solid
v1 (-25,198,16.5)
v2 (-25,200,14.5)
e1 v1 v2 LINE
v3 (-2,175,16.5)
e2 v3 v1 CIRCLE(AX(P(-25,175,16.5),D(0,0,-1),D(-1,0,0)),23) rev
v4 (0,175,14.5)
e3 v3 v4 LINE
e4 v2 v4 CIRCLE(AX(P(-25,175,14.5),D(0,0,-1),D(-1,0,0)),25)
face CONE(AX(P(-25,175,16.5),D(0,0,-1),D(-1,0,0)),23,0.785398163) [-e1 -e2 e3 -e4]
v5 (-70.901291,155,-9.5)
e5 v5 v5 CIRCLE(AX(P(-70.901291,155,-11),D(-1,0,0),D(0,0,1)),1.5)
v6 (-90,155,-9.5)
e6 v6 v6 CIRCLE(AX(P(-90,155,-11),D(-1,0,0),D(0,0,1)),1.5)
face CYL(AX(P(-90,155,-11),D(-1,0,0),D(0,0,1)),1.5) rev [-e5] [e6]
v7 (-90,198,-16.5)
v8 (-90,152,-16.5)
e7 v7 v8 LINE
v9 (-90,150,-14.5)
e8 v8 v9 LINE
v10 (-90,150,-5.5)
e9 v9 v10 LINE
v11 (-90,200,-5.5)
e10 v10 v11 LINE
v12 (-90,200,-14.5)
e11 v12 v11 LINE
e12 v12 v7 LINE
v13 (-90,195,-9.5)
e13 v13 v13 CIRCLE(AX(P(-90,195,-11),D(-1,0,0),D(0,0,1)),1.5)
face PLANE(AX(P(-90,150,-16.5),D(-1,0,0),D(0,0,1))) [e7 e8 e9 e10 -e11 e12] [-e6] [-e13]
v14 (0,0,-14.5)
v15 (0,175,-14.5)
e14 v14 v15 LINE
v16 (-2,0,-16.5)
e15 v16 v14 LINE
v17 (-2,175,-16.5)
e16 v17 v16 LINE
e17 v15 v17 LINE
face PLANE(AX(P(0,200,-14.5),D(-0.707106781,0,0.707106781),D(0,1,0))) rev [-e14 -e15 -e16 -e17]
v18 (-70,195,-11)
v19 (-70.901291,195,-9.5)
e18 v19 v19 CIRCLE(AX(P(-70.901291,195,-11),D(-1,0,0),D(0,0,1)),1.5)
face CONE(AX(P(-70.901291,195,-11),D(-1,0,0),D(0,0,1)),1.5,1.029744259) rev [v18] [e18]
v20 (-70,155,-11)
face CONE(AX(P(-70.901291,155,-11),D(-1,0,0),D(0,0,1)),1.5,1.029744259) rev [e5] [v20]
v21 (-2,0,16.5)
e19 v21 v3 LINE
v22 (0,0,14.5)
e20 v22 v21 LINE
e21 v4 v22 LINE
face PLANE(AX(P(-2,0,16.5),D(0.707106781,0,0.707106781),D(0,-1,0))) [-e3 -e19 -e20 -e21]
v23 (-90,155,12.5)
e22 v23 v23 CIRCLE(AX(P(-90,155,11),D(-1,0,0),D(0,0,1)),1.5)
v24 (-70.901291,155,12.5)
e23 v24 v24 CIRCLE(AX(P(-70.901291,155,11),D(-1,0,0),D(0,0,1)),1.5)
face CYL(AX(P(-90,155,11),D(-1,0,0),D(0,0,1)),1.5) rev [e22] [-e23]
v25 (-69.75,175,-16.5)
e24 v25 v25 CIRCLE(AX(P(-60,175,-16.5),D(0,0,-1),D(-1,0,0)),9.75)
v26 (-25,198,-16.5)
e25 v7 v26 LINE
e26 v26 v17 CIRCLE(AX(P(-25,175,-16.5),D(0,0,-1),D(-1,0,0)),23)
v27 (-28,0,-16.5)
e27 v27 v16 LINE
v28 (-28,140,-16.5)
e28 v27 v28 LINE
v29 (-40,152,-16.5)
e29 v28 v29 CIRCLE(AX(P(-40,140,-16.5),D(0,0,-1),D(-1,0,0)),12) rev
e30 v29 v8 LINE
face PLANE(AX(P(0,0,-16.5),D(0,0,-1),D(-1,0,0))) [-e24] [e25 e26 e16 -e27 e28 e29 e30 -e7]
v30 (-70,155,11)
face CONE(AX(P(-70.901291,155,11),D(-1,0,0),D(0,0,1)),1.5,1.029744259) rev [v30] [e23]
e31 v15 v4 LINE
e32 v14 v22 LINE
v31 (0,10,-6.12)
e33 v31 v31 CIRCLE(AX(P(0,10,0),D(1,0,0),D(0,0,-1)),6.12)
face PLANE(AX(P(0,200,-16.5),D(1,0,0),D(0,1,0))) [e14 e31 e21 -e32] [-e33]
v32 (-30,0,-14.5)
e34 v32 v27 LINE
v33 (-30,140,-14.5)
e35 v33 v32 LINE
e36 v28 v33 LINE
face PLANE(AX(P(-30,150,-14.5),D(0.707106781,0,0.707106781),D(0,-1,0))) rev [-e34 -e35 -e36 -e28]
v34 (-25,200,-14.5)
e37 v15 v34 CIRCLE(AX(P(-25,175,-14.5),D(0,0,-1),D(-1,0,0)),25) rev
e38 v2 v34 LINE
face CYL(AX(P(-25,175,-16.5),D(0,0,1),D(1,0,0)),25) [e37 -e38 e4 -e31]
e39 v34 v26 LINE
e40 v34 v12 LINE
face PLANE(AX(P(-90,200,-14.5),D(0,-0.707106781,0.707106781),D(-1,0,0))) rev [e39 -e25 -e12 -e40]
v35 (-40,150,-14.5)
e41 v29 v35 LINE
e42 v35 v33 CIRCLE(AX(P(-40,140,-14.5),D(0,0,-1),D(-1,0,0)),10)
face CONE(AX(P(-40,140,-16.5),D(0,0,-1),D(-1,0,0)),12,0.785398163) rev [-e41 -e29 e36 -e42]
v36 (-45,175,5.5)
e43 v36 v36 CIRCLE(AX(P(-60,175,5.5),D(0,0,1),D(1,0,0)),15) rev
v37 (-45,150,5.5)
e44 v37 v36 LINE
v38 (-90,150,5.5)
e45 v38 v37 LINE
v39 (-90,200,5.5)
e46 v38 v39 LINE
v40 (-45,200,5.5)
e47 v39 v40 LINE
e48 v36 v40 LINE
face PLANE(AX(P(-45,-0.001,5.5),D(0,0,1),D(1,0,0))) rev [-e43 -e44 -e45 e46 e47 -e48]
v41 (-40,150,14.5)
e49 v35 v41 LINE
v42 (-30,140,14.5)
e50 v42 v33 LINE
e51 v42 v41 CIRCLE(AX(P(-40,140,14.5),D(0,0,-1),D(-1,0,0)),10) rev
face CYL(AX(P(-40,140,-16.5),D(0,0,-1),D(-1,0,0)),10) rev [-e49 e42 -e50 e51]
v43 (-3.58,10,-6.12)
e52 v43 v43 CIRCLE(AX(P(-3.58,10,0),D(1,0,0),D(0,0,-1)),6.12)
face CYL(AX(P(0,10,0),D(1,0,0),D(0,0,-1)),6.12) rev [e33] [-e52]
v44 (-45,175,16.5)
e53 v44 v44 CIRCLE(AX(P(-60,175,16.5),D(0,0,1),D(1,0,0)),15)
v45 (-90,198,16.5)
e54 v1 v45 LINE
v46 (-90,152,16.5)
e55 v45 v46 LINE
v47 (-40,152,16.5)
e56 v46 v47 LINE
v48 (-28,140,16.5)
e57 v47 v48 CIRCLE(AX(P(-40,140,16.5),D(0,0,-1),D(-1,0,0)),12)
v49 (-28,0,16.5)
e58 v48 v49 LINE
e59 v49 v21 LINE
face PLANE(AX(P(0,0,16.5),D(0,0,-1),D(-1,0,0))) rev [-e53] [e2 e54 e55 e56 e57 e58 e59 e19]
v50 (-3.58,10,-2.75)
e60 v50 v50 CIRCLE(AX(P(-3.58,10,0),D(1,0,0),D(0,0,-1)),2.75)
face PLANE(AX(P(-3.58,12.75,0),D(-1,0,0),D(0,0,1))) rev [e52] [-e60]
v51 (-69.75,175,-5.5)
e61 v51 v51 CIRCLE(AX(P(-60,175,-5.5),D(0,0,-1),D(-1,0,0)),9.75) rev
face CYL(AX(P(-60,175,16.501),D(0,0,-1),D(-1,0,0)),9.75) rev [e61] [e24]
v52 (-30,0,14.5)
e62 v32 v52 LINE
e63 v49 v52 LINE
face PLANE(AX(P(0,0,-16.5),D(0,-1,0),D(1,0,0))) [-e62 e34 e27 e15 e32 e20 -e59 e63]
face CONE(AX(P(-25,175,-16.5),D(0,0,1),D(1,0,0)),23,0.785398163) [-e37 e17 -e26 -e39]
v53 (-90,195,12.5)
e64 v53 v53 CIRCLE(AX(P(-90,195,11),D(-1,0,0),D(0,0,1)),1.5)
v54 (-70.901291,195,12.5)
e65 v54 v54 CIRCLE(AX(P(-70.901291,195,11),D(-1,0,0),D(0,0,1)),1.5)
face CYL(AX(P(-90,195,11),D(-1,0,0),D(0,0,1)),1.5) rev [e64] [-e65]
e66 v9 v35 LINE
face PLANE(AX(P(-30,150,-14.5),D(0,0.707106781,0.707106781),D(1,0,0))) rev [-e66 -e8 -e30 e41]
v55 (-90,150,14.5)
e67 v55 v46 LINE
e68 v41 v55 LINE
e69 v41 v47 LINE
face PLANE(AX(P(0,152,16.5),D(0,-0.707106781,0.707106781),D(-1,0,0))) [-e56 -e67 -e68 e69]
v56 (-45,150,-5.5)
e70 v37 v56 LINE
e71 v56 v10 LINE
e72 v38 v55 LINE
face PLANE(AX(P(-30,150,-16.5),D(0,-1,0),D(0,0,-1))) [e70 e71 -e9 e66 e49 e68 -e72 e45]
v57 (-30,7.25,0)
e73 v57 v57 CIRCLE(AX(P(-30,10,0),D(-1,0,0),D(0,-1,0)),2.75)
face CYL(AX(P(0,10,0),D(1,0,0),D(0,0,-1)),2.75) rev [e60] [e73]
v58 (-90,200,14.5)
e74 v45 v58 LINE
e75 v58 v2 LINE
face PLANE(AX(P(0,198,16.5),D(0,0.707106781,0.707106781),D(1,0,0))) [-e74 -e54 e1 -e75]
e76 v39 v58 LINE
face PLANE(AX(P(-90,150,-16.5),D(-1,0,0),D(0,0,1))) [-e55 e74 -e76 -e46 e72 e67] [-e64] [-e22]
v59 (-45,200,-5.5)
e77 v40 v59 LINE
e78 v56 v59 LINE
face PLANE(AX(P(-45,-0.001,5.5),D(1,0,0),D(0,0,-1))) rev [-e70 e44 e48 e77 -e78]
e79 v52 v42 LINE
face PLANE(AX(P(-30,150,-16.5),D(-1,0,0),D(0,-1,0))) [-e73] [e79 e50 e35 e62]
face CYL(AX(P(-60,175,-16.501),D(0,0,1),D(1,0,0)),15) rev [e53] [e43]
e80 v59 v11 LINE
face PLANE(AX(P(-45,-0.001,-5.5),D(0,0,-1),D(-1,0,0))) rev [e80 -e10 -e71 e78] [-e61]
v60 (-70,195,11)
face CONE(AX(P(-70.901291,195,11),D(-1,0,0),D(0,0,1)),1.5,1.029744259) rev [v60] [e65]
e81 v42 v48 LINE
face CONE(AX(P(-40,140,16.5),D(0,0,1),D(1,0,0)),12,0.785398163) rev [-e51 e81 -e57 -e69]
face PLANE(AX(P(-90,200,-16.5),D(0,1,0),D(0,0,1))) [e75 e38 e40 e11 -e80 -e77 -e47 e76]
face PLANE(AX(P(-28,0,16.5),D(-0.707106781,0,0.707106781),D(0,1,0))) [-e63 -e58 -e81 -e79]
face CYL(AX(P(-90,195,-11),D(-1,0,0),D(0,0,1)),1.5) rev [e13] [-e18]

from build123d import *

# Parameters (mm, degrees)
BOSS_EXTRUDE1_DEPTH                     = 16.5
CUT_EXTRUDE1_REACH                      = 221.937
SKETCH3_W                               = 45
SKETCH3_H                               = 11
FILLET1_R                               = 25
FILLET2_R                               = 10
CUT_EXTRUDE2_REACH                      = 223.786
SKETCH4_R                               = 15
CUT_EXTRUDE3_REACH                      = 223.786
SKETCH5_R                               = 9.75
F_3_0MM_DOWEL_HOLE1_D                   = 3
F_3_0MM_DOWEL_HOLE1_DEPTH               = 19.098709071
F_3_0MM_DOWEL_HOLE1_TIP                 = 0.901290929
CHAMFER1_SIZE                           = 2
CBORE_FOR_M5_HEX_HEAD_BOLT1_D           = 5.5
CBORE_FOR_M5_HEX_HEAD_BOLT1_CBORE_D     = 12.24
CBORE_FOR_M5_HEX_HEAD_BOLT1_CBORE_DEPTH = 3.58


with BuildPart() as part:
    # Sketch1 → Boss-Extrude1 (new, symmetric)
    with BuildSketch(Plane.XY):
        Polygon((0, 0), (-30, 0), (-30, 150), (-90, 150), (-90, 200), (0, 200), align=None)
    extrude(amount=BOSS_EXTRUDE1_DEPTH, both=True)

    # Sketch3 → Cut-Extrude1 (cut, up to next)
    with BuildSketch(Plane(origin=(0, 200, 0), x_dir=(1, 0, 0), z_dir=(0, 1, 0)), mode=Mode.PRIVATE) as cut_extrude1_sk1:
        with Locations((-67.5, 0)):
            Rectangle(SKETCH3_W, SKETCH3_H)
    cut_extrude1_tool1 = extrude(cut_extrude1_sk1.sketch, amount=-CUT_EXTRUDE1_REACH, mode=Mode.PRIVATE) & part.part
    add(cut_extrude1_tool1.solids().sort_by_distance((-67.5, 200, 0))[0], mode=Mode.SUBTRACT)

    # Fillet1
    fillet1_edges = [part.edges().sort_by_distance(p)[0] for p in [
        (0, 200, 0),
    ]]
    fillet(fillet1_edges, radius=FILLET1_R)

    # Fillet2
    fillet2_edges = [part.edges().sort_by_distance(p)[0] for p in [
        (-30, 150, 0),
    ]]
    fillet(fillet2_edges, radius=FILLET2_R)

    # Sketch4 → Cut-Extrude2 (cut, up to next)
    with BuildSketch(Plane.XY.offset(16.5), mode=Mode.PRIVATE) as cut_extrude2_sk1:
        with Locations((-60, 175)):
            Circle(SKETCH4_R)
    cut_extrude2_tool1 = extrude(cut_extrude2_sk1.sketch, amount=-CUT_EXTRUDE2_REACH, mode=Mode.PRIVATE) & part.part
    add(cut_extrude2_tool1.solids().sort_by_distance((-60, 175, 16.5))[0], mode=Mode.SUBTRACT)

    # Sketch5 → Cut-Extrude3 (cut, up to next)
    with BuildSketch(Plane(origin=(0, 0, -16.5), x_dir=(-1, 0, 0), z_dir=(0, 0, -1)), mode=Mode.PRIVATE) as cut_extrude3_sk1:
        with Locations((60, 175)):
            Circle(SKETCH5_R)
    cut_extrude3_tool1 = extrude(cut_extrude3_sk1.sketch, amount=-CUT_EXTRUDE3_REACH, mode=Mode.PRIVATE) & part.part
    add(cut_extrude3_tool1.solids().sort_by_distance((-60, 175, -16.5))[0], mode=Mode.SUBTRACT)

    # Ø3.0mm Dowel Hole1
    with Locations(Plane(origin=(-90, 195, -11), x_dir=(0, 0, -1), z_dir=(-1, 0, 0))):
        with Locations((0, 0), (0, 40), (-22, 0), (-22, 40)):
            Hole(F_3_0MM_DOWEL_HOLE1_D / 2, depth=F_3_0MM_DOWEL_HOLE1_DEPTH)
            with Locations((0, 0, -(F_3_0MM_DOWEL_HOLE1_DEPTH + F_3_0MM_DOWEL_HOLE1_TIP / 2))):  # 118° drill point
                Cone(0, F_3_0MM_DOWEL_HOLE1_D / 2, F_3_0MM_DOWEL_HOLE1_TIP, mode=Mode.SUBTRACT)

    # Chamfer1
    chamfer1_edges = [part.edges().sort_by_distance(p)[0] for p in [
        (-65, 150, -16.5),
        (-57.5, 200, 16.5),
        (-7.32233047, 192.67766953, 16.5),
        (-57.5, 200, -16.5),
        (-7.32233047, 192.67766953, -16.5),
        (-30, 70, 16.5),
        (-30, 70, -16.5),
        (-32.928932188, 147.071067812, 16.5),
        (-32.928932188, 147.071067812, -16.5),
        (0, 87.5, -16.5),
        (-65, 150, 16.5),
        (0, 87.5, 16.5),
    ]]
    chamfer(chamfer1_edges, length=CHAMFER1_SIZE)

    # CBORE for M5 Hex Head Bolt1 (through all)
    with Locations(Plane(origin=(0, 0, 0), x_dir=(0, 0, -1), z_dir=(1, 0, 0))):
        with Locations((0, 10)):
            CounterBoreHole(CBORE_FOR_M5_HEX_HEAD_BOLT1_D / 2, CBORE_FOR_M5_HEX_HEAD_BOLT1_CBORE_D / 2, CBORE_FOR_M5_HEX_HEAD_BOLT1_CBORE_DEPTH)


solid = part.part
